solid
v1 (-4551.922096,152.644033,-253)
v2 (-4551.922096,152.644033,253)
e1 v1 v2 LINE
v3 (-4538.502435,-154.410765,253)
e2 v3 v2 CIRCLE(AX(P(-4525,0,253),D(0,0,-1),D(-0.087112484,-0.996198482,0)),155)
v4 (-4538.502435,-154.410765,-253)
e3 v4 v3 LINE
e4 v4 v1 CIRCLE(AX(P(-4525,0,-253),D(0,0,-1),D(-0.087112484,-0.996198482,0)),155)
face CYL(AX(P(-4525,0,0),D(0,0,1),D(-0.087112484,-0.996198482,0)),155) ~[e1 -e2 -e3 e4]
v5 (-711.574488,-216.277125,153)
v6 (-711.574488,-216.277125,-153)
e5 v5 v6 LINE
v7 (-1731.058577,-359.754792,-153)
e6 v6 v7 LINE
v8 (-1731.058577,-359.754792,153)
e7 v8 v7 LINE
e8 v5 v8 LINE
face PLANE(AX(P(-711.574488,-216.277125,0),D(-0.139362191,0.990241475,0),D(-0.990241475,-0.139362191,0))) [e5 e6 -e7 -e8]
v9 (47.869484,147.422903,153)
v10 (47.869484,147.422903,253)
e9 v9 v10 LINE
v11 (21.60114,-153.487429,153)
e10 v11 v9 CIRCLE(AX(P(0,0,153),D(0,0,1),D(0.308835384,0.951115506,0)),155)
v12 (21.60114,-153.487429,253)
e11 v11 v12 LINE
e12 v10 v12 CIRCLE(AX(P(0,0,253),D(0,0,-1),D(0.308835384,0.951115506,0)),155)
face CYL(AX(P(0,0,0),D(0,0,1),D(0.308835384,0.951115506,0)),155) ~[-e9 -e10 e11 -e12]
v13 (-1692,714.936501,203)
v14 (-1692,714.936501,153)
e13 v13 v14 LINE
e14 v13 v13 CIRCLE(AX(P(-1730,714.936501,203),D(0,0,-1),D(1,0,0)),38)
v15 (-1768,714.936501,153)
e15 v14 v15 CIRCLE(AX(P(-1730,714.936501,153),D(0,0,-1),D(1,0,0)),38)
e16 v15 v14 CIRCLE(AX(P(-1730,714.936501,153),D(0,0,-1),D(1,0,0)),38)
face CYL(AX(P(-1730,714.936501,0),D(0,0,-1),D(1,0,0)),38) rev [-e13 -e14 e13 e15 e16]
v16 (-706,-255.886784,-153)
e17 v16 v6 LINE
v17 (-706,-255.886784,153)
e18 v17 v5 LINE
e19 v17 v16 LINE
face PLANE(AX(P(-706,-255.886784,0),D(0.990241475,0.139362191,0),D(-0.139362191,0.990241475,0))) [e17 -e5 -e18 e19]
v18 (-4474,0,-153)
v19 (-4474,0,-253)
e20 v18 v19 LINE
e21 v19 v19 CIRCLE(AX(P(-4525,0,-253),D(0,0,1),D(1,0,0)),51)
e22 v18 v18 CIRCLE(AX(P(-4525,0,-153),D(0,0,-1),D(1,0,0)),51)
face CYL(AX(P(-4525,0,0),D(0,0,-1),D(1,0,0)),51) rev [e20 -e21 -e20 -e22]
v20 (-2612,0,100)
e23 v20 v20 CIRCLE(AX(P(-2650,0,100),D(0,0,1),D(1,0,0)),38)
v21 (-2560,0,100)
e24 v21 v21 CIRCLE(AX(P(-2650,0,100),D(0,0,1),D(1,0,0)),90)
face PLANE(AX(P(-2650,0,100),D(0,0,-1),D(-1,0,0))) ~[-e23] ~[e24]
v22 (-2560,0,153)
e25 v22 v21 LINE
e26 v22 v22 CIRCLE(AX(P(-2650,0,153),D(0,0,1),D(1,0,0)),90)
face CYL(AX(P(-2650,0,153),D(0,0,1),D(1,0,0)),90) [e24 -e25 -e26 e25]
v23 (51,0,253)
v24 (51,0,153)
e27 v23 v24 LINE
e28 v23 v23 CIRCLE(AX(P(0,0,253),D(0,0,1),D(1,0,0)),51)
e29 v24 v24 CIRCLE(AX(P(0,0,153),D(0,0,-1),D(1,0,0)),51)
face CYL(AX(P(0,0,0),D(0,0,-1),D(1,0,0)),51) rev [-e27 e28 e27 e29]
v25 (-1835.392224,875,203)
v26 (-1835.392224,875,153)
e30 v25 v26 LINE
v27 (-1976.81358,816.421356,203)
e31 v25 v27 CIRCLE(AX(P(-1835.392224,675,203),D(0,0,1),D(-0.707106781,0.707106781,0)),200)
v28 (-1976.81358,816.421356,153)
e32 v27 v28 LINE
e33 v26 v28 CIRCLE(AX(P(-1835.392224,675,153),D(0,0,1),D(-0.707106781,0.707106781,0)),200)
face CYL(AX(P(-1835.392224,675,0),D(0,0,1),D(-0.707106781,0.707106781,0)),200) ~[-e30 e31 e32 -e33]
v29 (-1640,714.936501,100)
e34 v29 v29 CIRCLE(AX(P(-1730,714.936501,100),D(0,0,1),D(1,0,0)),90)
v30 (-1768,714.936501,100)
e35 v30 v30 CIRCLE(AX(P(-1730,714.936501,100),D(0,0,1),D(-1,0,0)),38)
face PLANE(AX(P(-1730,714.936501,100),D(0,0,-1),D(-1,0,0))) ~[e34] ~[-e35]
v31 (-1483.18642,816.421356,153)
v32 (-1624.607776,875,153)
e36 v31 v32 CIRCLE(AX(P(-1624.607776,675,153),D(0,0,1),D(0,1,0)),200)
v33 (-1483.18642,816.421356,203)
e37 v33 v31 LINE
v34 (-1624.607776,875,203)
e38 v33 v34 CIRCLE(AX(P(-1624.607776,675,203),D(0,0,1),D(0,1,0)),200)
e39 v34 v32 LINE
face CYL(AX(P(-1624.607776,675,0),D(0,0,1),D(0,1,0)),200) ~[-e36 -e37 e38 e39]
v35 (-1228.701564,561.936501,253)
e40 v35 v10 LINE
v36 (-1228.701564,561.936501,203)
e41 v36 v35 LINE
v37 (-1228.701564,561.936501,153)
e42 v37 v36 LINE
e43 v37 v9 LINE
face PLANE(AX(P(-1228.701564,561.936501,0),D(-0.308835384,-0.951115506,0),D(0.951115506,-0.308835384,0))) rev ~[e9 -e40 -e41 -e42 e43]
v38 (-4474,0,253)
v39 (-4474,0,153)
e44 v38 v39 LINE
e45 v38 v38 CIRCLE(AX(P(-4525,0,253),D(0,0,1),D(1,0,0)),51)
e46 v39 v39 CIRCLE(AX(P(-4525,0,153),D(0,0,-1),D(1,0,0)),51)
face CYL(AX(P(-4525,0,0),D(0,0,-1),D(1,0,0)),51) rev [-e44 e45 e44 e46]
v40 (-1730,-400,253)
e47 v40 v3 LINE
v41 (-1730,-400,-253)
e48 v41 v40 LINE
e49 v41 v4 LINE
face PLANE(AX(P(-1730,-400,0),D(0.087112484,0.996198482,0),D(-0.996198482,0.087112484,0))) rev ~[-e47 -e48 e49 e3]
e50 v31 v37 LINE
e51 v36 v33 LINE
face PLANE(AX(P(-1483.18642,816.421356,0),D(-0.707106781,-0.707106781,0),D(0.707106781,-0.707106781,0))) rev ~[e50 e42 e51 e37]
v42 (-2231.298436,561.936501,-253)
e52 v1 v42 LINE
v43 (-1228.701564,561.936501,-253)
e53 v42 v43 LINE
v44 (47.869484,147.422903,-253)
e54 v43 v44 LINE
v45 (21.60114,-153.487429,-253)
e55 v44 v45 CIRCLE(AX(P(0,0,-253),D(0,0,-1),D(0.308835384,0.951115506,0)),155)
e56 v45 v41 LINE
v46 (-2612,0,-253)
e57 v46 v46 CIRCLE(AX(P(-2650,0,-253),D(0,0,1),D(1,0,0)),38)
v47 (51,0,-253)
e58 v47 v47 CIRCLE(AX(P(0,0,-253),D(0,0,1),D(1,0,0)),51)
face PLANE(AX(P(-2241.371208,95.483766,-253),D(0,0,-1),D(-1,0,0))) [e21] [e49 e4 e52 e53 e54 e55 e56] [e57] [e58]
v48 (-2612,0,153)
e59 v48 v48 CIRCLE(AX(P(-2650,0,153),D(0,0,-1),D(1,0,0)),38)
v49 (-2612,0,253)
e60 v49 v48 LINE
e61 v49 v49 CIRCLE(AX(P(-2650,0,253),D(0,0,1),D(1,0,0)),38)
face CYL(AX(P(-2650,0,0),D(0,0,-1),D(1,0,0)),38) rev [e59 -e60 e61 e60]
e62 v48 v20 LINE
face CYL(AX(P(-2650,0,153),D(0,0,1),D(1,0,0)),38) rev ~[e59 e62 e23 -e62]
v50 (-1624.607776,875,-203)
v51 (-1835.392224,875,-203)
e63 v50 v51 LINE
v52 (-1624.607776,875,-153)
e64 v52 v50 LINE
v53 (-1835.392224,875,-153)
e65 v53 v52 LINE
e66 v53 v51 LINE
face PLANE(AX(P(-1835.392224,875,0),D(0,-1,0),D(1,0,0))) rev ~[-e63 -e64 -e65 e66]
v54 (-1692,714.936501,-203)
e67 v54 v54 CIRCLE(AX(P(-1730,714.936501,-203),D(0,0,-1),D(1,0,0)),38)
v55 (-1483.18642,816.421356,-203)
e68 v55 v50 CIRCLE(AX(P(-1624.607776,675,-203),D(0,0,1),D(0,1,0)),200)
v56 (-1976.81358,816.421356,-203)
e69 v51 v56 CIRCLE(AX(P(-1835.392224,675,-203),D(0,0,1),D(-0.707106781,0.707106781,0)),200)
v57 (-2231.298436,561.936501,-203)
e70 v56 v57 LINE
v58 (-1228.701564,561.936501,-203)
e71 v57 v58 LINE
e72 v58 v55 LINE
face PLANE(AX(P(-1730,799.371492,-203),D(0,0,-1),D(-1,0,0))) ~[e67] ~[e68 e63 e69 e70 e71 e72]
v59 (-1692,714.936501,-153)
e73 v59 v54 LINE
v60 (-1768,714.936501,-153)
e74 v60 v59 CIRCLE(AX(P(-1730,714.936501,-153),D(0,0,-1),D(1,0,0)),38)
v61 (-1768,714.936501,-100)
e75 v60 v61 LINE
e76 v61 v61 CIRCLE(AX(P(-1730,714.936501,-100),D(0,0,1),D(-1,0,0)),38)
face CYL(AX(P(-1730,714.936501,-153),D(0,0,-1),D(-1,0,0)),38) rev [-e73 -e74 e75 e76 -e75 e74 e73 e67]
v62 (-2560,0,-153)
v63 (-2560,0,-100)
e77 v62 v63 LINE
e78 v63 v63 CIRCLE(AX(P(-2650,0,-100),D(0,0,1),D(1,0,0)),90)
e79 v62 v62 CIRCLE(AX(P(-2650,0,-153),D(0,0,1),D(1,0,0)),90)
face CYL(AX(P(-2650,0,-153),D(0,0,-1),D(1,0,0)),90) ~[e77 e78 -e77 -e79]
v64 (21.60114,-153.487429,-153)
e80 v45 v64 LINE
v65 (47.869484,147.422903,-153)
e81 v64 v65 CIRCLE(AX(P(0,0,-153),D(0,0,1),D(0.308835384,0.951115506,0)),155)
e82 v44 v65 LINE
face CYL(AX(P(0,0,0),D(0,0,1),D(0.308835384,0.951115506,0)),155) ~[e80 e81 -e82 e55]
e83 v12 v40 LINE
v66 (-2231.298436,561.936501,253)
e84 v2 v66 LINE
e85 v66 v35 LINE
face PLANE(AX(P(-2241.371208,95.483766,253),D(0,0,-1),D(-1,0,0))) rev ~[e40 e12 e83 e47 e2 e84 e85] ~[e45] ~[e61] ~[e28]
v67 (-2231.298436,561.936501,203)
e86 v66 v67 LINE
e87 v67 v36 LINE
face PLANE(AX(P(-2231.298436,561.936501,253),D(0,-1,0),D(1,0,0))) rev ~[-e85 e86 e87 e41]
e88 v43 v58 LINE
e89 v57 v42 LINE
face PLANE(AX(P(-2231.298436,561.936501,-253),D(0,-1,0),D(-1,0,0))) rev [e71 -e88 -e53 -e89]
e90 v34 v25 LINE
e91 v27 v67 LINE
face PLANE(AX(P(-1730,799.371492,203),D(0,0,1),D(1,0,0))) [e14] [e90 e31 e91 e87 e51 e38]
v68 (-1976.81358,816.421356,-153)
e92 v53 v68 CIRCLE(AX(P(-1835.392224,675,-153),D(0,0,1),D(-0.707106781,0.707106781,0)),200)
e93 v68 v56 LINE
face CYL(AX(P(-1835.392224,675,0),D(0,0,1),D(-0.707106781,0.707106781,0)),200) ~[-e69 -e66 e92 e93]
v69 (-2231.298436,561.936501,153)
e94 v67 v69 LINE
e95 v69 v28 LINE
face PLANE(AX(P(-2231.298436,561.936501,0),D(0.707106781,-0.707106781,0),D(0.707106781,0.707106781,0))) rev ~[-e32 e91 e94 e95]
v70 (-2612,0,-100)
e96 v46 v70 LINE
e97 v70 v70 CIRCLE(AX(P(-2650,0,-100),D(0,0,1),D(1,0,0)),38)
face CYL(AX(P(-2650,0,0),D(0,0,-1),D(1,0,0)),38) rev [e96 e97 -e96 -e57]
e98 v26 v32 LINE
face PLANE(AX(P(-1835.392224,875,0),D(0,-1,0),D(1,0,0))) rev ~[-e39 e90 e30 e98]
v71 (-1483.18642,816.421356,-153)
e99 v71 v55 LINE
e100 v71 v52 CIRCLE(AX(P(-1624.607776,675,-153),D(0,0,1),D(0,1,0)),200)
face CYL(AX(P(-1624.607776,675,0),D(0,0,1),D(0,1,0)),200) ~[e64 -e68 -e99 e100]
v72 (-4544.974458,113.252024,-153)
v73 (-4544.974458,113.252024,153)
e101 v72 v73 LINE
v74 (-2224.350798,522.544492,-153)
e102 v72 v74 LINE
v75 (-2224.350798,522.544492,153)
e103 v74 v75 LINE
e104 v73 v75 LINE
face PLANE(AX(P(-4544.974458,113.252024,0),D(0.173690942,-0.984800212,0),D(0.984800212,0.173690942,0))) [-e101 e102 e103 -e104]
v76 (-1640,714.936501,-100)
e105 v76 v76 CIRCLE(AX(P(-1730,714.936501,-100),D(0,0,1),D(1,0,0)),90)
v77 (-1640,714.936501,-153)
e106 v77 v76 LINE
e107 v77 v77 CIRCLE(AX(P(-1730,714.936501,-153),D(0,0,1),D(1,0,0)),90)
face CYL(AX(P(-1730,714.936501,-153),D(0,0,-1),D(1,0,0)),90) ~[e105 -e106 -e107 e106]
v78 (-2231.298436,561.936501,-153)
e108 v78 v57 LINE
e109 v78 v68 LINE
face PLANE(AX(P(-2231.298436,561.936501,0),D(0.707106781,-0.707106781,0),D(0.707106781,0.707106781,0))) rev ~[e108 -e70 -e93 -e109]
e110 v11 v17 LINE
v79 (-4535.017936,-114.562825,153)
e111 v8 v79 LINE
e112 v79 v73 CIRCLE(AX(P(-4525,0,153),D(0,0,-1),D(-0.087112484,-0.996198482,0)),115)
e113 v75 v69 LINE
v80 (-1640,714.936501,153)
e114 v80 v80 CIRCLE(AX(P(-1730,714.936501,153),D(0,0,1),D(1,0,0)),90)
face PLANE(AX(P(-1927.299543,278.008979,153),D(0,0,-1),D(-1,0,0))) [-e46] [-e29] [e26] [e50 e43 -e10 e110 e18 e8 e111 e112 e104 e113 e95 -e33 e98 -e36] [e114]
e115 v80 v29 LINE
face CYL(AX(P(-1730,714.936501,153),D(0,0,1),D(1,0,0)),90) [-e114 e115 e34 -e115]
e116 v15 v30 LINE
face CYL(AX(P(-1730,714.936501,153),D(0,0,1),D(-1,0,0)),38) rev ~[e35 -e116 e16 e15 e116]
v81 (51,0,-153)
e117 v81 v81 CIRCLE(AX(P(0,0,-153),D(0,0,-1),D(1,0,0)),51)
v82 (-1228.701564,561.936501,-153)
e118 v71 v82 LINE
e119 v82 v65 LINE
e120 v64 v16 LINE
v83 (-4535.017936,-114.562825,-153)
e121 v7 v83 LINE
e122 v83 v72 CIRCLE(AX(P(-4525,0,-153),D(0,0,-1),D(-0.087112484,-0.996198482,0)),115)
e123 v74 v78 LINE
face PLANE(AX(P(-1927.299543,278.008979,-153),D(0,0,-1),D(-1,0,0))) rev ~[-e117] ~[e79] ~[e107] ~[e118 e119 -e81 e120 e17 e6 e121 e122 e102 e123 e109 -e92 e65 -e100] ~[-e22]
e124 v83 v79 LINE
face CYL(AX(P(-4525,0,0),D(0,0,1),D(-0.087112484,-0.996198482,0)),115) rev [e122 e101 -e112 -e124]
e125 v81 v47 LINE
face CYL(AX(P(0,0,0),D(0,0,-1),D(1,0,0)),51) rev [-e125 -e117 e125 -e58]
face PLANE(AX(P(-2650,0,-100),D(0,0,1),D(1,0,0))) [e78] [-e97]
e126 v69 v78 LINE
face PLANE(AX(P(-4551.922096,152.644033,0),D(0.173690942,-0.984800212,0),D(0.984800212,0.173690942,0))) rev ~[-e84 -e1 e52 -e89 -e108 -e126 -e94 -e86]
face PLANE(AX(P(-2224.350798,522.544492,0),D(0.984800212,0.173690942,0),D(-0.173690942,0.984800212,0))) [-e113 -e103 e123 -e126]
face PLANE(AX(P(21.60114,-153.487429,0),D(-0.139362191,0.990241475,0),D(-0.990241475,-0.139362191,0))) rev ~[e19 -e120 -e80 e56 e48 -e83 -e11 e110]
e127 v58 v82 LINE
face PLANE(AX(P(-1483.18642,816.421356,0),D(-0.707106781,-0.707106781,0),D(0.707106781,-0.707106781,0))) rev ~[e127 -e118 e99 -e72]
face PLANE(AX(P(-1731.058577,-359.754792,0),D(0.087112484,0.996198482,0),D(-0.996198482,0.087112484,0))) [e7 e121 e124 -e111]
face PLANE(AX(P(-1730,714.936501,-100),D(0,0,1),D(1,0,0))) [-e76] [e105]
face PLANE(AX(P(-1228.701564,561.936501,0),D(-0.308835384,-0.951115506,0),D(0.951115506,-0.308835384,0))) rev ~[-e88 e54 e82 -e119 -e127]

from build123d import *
from build123d.topology import SkipClean

# Parameters (mm, degrees)
SKETCH1_R           = 51
SKETCH1_R_2         = 38
BOSS_EXTRUDE2_DEPTH = 253
CUT_EXTRUDE1_DEPTH  = 153
SKETCH3_W           = 1002.596871638
SKETCH3_H           = 474.869981991
CUT_EXTRUDE3_DEPTH  = 50
SKETCH4_R           = 90
SKETCH4_R_2         = 38
BOSS_EXTRUDE3_DEPTH = 53


with BuildPart() as part:
    # Sketch1 → Boss-Extrude2 (new, symmetric)
    with BuildSketch(Plane.XY):
        with BuildLine():
            Line((-4551.922095967, 152.644032798), (-2231.298435819, 561.936500623))
            Line((-2231.298435819, 561.936500623), (-1976.813580205, 816.421356237))
            ThreePointArc((-1976.813580205, 816.421356237), (-1911.92891044, 859.775906502), (-1835.392223967, 875))
            Line((-1835.392223967, 875), (-1624.607776033, 875))
            ThreePointArc((-1624.607776033, 875), (-1548.07108956, 859.775906502), (-1483.186419795, 816.421356237))
            Line((-1483.186419795, 816.421356237), (-1228.701564181, 561.936500623))
            Line((-1228.701564181, 561.936500623), (47.869484486, 147.422903428))
            ThreePointArc((47.869484486, 147.422903428), (154.41275497, -13.479655139), (21.601139584, -153.487428699))
            Line((21.601139584, -153.487428699), (-1730, -400))
            Line((-1730, -400), (-4538.502435017, -154.410764679))
            ThreePointArc((-4538.502435017, -154.410764679), (-4679.85218061, -6.767729338), (-4551.922095967, 152.644032798))
        make_face()
        Circle(SKETCH1_R, mode=Mode.SUBTRACT)
        with Locations((-2650, 0)):
            Circle(SKETCH1_R_2, mode=Mode.SUBTRACT)
        with Locations((-4525, 0)):
            Circle(SKETCH1_R, mode=Mode.SUBTRACT)
        with Locations((-1730, 714.936500623)):
            Circle(SKETCH1_R_2, mode=Mode.SUBTRACT)
    extrude(amount=BOSS_EXTRUDE2_DEPTH, both=True)

    # Sketch2 → Cut-Extrude1 (cut, symmetric)
    with BuildSketch(Plane.XY):
        with BuildLine():
            Line((-2224.35079815, 522.544492159), (-2231.298435819, 561.936500623))
            Line((-2231.298435819, 561.936500623), (-2231.298435819, 1101.816027208))
            Line((-2231.298435819, 1101.816027208), (280.40791441, 1101.816027208))
            Line((280.40791441, 1101.816027208), (280.40791441, -255.886784207))
            Line((280.40791441, -255.886784207), (-706, -255.886784207))
            Line((-706, -255.886784207), (-711.574487634, -216.277125188))
            Line((-711.574487634, -216.277125188), (-1731.058577343, -359.754791807))
            Line((-1731.058577343, -359.754791807), (-4535.017935657, -114.562825407))
            ThreePointArc((-4535.017935657, -114.562825407), (-4639.890327549, -5.021218541), (-4544.974458298, 113.252024334))
            Line((-4544.974458298, 113.252024334), (-2224.35079815, 522.544492159))
        make_face()
    extrude(amount=CUT_EXTRUDE1_DEPTH, both=True, mode=Mode.SUBTRACT)

    # Sketch3 → Cut-Extrude3 (cut)
    with BuildSketch(Plane.XY.offset(253)):
        with Locations((-1730, 799.371491619)):
            Rectangle(SKETCH3_W, SKETCH3_H)
    cut_extrude3 = extrude(amount=-CUT_EXTRUDE3_DEPTH, mode=Mode.SUBTRACT)

    # Mirror2: Cut-Extrude3 across plane
    add(cut_extrude3.mirror(Plane.XY), mode=Mode.SUBTRACT)

    # Sketch4 → Boss-Extrude3 (add)
    # profile 1 of 2: a face of its own
    with BuildSketch(Plane.XY.offset(-153)):
        with Locations((-1730, 714.936500623)):
            Circle(SKETCH4_R)
        with Locations(Location((-1730, 714.936500623, 0), (0, 0, 180))):
            Circle(SKETCH4_R_2, mode=Mode.SUBTRACT)
    # profile 2 of 2: a face of its own
    with BuildSketch(Plane.XY.offset(-153)):
        with Locations((-2650, 0)):
            Circle(SKETCH4_R)
        with Locations((-2650, 0)):
            Circle(SKETCH4_R_2, mode=Mode.SUBTRACT)
    boss_extrude3 = extrude(amount=BOSS_EXTRUDE3_DEPTH)

    # Mirror3: Boss-Extrude3 across plane
    with SkipClean():  # the faces are left unmerged after this step: merging them gives an invalid solid
        add(boss_extrude3.mirror(Plane.XY))


solid = part.part
